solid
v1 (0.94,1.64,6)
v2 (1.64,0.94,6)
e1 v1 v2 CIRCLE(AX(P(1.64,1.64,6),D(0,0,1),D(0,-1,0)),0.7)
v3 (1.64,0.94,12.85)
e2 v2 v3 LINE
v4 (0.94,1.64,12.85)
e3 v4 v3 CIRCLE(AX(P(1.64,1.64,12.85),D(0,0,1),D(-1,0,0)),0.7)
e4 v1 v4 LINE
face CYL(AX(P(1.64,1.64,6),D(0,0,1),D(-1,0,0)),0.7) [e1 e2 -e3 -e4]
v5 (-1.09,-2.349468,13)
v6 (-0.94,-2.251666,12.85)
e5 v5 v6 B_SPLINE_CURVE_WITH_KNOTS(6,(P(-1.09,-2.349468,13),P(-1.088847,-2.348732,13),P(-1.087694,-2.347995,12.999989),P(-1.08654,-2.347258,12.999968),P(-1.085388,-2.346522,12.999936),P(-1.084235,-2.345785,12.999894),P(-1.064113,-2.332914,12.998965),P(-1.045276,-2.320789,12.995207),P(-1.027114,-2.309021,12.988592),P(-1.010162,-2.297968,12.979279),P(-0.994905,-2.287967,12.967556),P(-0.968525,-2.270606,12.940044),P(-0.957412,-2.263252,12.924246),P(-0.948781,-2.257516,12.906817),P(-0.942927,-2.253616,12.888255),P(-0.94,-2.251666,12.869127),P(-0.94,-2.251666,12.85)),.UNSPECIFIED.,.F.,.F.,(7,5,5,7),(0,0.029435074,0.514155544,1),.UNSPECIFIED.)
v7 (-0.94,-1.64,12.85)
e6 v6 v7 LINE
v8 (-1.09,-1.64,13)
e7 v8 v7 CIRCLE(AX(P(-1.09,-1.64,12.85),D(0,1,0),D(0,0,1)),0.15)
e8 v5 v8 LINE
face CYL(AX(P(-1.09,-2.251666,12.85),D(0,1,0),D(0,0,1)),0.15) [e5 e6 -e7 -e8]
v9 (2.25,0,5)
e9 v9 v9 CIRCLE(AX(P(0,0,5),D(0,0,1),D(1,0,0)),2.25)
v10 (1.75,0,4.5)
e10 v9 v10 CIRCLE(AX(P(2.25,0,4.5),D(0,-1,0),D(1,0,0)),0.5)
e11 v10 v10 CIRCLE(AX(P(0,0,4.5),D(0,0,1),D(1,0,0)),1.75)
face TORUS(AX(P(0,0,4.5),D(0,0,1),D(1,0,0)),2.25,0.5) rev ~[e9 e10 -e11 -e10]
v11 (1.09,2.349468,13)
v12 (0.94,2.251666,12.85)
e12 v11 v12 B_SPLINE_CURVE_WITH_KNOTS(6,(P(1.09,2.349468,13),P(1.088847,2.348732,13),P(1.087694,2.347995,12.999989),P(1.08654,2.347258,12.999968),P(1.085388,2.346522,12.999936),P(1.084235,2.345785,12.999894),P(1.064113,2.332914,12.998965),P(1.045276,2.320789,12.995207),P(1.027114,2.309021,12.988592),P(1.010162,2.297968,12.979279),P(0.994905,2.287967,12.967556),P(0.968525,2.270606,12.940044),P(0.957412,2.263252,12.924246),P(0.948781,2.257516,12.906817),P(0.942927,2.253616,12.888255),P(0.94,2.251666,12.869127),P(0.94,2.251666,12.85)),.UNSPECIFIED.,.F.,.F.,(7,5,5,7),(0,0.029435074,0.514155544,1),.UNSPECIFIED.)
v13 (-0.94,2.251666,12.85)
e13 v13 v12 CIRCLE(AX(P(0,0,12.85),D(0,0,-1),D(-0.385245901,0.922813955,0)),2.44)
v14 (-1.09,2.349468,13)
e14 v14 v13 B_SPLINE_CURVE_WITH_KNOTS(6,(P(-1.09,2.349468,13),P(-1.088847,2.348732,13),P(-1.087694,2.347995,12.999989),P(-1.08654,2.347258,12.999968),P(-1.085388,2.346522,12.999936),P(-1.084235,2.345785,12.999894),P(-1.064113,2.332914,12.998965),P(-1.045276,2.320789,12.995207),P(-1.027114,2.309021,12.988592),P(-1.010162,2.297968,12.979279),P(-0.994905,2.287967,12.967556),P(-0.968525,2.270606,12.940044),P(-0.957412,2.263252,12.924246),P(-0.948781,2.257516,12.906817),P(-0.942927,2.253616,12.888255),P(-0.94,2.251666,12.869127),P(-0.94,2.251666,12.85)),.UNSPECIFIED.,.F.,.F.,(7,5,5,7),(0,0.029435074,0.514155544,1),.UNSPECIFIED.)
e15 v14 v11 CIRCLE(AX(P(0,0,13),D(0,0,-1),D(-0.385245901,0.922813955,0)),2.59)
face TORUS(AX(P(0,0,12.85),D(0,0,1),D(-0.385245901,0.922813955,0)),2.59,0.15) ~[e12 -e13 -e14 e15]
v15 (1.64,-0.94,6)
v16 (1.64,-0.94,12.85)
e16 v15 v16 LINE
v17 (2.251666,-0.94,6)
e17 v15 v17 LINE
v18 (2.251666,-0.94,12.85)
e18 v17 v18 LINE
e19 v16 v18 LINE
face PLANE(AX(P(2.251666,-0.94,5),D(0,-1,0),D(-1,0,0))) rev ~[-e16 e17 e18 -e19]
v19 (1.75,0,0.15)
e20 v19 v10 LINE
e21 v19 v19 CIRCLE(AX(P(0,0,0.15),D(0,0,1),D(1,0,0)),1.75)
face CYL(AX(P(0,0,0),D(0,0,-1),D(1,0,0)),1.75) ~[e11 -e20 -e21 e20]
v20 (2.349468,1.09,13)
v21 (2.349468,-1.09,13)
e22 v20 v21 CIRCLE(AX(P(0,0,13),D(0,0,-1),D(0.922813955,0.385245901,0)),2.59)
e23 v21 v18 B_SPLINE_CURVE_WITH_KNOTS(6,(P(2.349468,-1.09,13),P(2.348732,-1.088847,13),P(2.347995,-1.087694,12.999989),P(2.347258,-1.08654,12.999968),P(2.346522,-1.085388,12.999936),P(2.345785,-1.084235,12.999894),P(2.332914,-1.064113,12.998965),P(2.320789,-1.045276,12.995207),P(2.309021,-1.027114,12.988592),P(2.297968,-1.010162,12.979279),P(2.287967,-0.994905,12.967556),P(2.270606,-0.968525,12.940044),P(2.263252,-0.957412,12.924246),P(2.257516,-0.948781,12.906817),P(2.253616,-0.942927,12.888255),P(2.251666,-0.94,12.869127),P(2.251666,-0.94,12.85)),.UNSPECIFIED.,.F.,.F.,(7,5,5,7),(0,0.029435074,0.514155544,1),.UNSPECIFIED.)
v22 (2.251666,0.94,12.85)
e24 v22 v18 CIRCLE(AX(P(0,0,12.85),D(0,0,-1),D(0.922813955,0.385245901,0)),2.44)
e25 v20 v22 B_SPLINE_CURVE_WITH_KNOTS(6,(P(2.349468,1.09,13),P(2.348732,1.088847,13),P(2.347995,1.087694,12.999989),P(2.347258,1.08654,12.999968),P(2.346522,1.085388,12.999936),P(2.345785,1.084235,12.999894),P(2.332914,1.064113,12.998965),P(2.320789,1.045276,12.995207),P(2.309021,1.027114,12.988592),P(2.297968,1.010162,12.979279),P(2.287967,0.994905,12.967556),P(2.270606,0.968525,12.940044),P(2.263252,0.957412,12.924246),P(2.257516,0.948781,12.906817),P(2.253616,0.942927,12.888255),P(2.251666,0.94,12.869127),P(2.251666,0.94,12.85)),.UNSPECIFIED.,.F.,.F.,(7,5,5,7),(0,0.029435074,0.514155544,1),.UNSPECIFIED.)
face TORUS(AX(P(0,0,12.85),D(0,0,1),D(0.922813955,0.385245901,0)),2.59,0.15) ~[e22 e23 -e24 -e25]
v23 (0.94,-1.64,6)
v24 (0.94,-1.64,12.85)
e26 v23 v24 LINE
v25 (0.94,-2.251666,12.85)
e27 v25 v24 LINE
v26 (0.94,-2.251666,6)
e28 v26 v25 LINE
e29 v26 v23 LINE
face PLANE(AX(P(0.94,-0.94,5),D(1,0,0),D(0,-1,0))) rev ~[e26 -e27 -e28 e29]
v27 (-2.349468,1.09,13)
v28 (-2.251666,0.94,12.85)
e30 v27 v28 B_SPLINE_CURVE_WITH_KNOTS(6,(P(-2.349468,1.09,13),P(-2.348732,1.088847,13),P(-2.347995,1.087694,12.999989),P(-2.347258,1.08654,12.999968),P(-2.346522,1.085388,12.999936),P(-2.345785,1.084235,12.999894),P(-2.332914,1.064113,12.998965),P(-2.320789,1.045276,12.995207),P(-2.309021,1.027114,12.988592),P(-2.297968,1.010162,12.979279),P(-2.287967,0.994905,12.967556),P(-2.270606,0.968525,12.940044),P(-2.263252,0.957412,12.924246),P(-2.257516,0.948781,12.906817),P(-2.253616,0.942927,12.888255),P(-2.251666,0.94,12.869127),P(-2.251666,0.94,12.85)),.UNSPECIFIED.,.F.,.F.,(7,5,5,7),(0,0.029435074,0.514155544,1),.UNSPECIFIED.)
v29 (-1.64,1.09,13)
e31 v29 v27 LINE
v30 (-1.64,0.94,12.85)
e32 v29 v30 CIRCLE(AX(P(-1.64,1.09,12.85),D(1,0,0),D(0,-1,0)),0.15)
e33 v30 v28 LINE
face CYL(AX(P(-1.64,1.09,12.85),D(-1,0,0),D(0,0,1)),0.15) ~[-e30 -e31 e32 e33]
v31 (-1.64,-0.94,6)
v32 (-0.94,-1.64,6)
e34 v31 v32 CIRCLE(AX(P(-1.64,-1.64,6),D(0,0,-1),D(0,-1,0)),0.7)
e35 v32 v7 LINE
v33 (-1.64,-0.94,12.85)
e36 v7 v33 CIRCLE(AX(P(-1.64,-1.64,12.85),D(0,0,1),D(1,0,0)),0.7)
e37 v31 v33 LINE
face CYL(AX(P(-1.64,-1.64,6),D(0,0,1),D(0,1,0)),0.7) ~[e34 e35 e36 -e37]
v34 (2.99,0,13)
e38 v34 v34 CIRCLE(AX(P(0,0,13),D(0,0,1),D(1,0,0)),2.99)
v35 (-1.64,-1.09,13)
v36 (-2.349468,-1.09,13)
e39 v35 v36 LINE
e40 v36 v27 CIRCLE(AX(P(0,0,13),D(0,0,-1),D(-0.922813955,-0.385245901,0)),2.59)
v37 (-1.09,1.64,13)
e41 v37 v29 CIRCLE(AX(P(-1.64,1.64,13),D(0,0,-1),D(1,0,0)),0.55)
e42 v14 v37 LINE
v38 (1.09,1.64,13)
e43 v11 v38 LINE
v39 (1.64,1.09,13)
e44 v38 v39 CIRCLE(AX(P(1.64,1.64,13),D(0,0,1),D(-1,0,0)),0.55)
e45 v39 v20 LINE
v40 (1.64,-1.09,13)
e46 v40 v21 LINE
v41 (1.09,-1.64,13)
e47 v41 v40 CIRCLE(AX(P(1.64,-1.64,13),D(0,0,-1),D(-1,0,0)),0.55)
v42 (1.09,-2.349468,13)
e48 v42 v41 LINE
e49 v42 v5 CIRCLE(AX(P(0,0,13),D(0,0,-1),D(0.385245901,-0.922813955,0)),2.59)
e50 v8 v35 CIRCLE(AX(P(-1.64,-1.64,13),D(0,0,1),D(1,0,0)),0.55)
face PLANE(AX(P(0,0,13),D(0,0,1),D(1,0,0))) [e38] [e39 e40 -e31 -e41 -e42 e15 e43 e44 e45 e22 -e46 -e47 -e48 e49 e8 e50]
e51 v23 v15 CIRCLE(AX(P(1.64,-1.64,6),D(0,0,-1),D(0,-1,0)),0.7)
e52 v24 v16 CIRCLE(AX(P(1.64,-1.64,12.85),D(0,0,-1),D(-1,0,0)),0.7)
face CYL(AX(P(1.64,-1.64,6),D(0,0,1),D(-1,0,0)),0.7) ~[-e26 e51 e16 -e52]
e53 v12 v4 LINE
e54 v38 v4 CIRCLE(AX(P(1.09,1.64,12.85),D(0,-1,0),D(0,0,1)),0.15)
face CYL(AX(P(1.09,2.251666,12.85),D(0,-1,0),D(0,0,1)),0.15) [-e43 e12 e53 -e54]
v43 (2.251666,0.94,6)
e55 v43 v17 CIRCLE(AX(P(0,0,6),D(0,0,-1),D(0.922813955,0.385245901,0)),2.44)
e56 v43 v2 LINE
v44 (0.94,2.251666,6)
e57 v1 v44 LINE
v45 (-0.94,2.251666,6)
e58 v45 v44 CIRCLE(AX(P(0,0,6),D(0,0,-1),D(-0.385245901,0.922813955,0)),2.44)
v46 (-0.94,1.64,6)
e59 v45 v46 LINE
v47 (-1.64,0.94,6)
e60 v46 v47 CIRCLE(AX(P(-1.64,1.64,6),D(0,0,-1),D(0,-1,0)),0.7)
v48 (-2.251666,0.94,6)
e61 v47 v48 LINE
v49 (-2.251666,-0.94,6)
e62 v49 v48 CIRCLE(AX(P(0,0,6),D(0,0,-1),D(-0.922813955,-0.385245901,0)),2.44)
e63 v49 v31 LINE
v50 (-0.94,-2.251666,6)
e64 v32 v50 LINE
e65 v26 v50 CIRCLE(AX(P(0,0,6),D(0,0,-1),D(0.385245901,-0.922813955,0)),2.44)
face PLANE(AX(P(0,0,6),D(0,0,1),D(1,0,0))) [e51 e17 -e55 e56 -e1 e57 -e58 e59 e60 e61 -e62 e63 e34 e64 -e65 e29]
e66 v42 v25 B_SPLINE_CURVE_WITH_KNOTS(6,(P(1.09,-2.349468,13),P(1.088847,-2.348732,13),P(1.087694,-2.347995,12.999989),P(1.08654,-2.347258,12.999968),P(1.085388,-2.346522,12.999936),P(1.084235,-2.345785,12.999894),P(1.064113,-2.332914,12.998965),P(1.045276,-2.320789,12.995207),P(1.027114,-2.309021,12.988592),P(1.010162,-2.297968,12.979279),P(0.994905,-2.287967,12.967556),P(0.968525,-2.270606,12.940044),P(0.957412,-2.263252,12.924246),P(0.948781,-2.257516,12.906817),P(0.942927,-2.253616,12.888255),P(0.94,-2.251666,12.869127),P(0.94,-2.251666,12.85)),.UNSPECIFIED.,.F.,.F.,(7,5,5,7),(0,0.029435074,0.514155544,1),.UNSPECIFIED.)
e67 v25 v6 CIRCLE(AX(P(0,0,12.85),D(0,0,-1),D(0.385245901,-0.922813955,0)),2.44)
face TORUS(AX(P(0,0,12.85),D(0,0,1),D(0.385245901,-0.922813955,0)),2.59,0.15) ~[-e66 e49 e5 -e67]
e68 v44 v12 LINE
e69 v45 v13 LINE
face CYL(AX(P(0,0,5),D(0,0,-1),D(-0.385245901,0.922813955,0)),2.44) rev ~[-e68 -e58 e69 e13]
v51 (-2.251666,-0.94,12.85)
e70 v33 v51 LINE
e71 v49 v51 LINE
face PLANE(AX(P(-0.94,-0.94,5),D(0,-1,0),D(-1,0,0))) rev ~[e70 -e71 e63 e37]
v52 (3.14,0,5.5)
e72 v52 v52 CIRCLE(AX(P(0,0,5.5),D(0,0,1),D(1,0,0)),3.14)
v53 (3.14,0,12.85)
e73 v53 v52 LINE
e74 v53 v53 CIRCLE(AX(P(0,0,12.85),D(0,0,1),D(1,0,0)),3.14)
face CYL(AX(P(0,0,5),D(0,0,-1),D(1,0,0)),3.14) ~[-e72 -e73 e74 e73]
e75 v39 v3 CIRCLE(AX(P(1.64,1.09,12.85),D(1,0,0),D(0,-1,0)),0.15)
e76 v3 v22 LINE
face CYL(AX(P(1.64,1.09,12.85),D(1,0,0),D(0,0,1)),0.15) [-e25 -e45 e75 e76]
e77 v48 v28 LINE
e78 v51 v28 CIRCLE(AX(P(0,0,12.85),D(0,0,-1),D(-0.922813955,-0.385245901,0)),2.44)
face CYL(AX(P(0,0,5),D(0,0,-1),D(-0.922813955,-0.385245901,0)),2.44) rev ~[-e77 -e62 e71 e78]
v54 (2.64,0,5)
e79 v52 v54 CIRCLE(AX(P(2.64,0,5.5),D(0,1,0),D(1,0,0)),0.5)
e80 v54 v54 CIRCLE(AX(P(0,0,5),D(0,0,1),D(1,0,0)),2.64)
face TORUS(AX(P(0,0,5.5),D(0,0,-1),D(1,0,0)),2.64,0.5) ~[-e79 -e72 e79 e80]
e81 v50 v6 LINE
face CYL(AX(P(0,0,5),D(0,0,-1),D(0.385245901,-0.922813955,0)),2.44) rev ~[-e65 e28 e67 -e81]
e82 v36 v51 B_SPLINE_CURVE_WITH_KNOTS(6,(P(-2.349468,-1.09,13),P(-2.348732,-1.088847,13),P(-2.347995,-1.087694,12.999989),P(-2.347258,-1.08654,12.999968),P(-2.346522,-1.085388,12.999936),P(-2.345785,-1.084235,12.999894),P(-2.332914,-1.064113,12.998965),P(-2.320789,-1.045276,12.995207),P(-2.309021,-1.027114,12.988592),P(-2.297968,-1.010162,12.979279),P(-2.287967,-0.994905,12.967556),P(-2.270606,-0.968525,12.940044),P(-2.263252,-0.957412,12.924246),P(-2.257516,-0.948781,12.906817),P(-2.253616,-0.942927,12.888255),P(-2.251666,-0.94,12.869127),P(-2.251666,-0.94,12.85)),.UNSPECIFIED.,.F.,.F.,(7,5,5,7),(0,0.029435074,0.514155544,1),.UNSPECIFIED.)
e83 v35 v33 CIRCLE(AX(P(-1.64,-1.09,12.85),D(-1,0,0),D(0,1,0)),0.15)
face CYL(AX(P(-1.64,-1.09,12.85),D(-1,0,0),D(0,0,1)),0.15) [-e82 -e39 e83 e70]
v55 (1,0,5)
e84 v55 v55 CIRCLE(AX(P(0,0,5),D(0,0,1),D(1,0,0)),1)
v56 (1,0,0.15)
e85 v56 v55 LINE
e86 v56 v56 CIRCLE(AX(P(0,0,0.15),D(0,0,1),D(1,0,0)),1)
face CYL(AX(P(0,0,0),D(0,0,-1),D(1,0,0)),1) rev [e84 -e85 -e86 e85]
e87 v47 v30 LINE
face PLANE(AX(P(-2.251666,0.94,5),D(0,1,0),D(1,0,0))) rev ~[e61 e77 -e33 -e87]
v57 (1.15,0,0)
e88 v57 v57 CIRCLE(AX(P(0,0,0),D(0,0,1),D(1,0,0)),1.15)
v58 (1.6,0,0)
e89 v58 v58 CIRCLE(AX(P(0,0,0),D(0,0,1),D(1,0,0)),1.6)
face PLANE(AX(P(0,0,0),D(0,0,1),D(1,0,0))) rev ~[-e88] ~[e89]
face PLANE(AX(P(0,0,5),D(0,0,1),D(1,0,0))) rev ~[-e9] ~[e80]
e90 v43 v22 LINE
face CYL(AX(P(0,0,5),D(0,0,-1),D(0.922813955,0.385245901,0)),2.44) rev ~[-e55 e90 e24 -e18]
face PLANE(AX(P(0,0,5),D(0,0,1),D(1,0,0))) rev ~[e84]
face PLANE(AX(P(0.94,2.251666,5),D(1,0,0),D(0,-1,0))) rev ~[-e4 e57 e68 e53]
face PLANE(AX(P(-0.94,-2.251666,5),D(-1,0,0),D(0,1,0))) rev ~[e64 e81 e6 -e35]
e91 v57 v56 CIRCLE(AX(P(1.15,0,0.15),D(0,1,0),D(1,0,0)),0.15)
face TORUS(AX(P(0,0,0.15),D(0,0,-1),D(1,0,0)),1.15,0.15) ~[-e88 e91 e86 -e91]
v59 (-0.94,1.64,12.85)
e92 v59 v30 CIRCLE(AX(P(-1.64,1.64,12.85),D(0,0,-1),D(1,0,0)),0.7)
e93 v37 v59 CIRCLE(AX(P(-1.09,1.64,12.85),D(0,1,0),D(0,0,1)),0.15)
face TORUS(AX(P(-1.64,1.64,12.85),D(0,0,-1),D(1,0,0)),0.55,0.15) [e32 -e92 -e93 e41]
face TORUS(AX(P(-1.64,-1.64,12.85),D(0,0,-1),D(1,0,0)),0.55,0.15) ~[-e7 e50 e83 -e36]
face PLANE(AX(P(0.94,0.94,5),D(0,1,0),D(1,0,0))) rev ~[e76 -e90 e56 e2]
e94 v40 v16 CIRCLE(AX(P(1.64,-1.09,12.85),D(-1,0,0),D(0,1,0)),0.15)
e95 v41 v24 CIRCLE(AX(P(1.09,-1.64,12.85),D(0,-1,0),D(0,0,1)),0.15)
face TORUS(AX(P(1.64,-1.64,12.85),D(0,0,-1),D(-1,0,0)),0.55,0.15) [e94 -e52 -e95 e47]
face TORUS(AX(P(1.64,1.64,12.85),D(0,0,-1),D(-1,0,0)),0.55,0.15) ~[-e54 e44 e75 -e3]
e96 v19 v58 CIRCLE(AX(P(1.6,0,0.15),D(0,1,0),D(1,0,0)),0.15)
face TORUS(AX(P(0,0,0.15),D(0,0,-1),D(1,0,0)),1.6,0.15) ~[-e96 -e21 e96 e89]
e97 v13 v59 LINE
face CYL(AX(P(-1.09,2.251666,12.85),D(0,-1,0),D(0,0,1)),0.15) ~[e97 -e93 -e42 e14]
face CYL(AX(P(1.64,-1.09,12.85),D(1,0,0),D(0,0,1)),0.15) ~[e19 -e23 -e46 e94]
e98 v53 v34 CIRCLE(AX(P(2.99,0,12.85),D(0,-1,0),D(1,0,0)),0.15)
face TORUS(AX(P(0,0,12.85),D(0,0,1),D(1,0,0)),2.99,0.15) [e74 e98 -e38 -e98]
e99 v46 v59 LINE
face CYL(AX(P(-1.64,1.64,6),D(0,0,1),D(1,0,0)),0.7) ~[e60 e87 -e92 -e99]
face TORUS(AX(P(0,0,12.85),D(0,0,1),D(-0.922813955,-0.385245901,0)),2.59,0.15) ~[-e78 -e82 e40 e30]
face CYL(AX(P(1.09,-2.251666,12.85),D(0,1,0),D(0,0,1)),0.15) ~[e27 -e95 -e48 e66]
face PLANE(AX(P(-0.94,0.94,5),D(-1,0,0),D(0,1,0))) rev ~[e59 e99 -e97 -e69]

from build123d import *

# Parameters (mm, degrees)
SKETCH1_R           = 1.75
SKETCH1_R_2         = 1
BOSS_EXTRUDE1_DEPTH = 5
SKETCH2_R           = 3.14
SKETCH2_R_2         = 1.75
SKETCH2_R_3         = 1
BOSS_EXTRUDE2_DEPTH = 1
SKETCH2_4_R         = 3.14
BOSS_EXTRUDE3_DEPTH = 8
FILLET1_R           = 0.5
FILLET2_R           = 0.7
FILLET3_R           = 0.15
FILLET4_R           = 0.15


with BuildPart() as part:
    # Sketch1 → Boss-Extrude1 (new body)
    with BuildSketch(Plane.XY):
        Circle(SKETCH1_R)
        Circle(SKETCH1_R_2, mode=Mode.SUBTRACT)
    extrude(amount=BOSS_EXTRUDE1_DEPTH)

    # Sketch2 → Boss-Extrude2 (add)
    # profile 1 of 12: a face of its own
    with BuildSketch(Plane.XY.offset(5)):
        Circle(SKETCH2_R)
        with BuildLine():
            ThreePointArc((-0.94, -2.25166605), (0, -2.44), (0.94, -2.25166605))
            Line((0.94, -2.25166605), (0.94, -0.94))
            Line((0.94, -0.94), (2.25166605, -0.94))
            ThreePointArc((2.25166605, -0.94), (2.44, 0), (2.25166605, 0.94))
            Line((2.25166605, 0.94), (0.94, 0.94))
            Line((0.94, 0.94), (0.94, 2.25166605))
            ThreePointArc((0.94, 2.25166605), (0, 2.44), (-0.94, 2.25166605))
            Line((-0.94, 2.25166605), (-0.94, 0.94))
            Line((-0.94, 0.94), (-2.25166605, 0.94))
            ThreePointArc((-2.25166605, 0.94), (-2.44, 0), (-2.25166605, -0.94))
            Line((-2.25166605, -0.94), (-0.94, -0.94))
            Line((-0.94, -0.94), (-0.94, -2.25166605))
        make_face(mode=Mode.SUBTRACT)
    # profile 2 of 12: a face of its own
    with BuildSketch(Plane.XY.offset(5)):
        Circle(SKETCH2_R_2)
    # profile 3 of 12: a face of its own
    with BuildSketch(Plane.XY.offset(5)):
        with BuildLine():
            Line((-0.94, 0.94), (-0.94, 1.476109752))
            ThreePointArc((-0.94, 1.476109752), (-1.237436867, 1.237436867), (-1.476109752, 0.94))
            Line((-1.476109752, 0.94), (-0.94, 0.94))
        make_face()
    # profile 4 of 12: a face of its own
    with BuildSketch(Plane.XY.offset(5)):
        with BuildLine():
            ThreePointArc((-1.476109752, -0.94), (-1.75, 0), (-1.476109752, 0.94))
            Line((-1.476109752, 0.94), (-2.25166605, 0.94))
            ThreePointArc((-2.25166605, 0.94), (-2.44, 0), (-2.25166605, -0.94))
            Line((-2.25166605, -0.94), (-1.476109752, -0.94))
        make_face()
    # profile 5 of 12: a face of its own
    with BuildSketch(Plane.XY.offset(5)):
        with BuildLine():
            Line((1.476109752, 0.94), (0.94, 0.94))
            Line((0.94, 0.94), (0.94, 1.476109752))
            ThreePointArc((0.94, 1.476109752), (0, 1.75), (-0.94, 1.476109752))
            Line((-0.94, 1.476109752), (-0.94, 0.94))
            Line((-0.94, 0.94), (-1.476109752, 0.94))
            ThreePointArc((-1.476109752, 0.94), (-1.75, 0), (-1.476109752, -0.94))
            Line((-1.476109752, -0.94), (-0.94, -0.94))
            Line((-0.94, -0.94), (-0.94, -1.476109752))
            ThreePointArc((-0.94, -1.476109752), (0, -1.75), (0.94, -1.476109752))
            Line((0.94, -1.476109752), (0.94, -0.94))
            Line((0.94, -0.94), (1.476109752, -0.94))
            ThreePointArc((1.476109752, -0.94), (1.680132743, -0.489544653), (1.75, 0))
            ThreePointArc((1.75, 0), (1.680132743, 0.489544653), (1.476109752, 0.94))
        make_face()
        Circle(SKETCH2_R_3, mode=Mode.SUBTRACT)
    # profile 6 of 12: a face of its own
    with BuildSketch(Plane.XY.offset(5)):
        Circle(SKETCH2_R_3)
    # profile 7 of 12: a face of its own
    with BuildSketch(Plane.XY.offset(5)):
        with BuildLine():
            ThreePointArc((-0.94, 1.476109752), (0, 1.75), (0.94, 1.476109752))
            Line((0.94, 1.476109752), (0.94, 2.25166605))
            ThreePointArc((0.94, 2.25166605), (0, 2.44), (-0.94, 2.25166605))
            Line((-0.94, 2.25166605), (-0.94, 1.476109752))
        make_face()
    # profile 8 of 12: a face of its own
    with BuildSketch(Plane.XY.offset(5)):
        with BuildLine():
            Line((0.94, 1.476109752), (0.94, 0.94))
            Line((0.94, 0.94), (1.476109752, 0.94))
            ThreePointArc((1.476109752, 0.94), (1.237436867, 1.237436867), (0.94, 1.476109752))
        make_face()
    # profile 9 of 12: a face of its own
    with BuildSketch(Plane.XY.offset(5)):
        with BuildLine():
            Line((2.25166605, 0.94), (1.476109752, 0.94))
            ThreePointArc((1.476109752, 0.94), (1.680132743, 0.489544653), (1.75, 0))
            ThreePointArc((1.75, 0), (1.680132743, -0.489544653), (1.476109752, -0.94))
            Line((1.476109752, -0.94), (2.25166605, -0.94))
            ThreePointArc((2.25166605, -0.94), (2.44, 0), (2.25166605, 0.94))
        make_face()
    # profile 10 of 12: a face of its own
    with BuildSketch(Plane.XY.offset(5)):
        with BuildLine():
            ThreePointArc((0.94, -1.476109752), (1.237436867, -1.237436867), (1.476109752, -0.94))
            Line((1.476109752, -0.94), (0.94, -0.94))
            Line((0.94, -0.94), (0.94, -1.476109752))
        make_face()
    # profile 11 of 12: a face of its own
    with BuildSketch(Plane.XY.offset(5)):
        with BuildLine():
            Line((0.94, -2.25166605), (0.94, -1.476109752))
            ThreePointArc((0.94, -1.476109752), (0, -1.75), (-0.94, -1.476109752))
            Line((-0.94, -1.476109752), (-0.94, -2.25166605))
            ThreePointArc((-0.94, -2.25166605), (0, -2.44), (0.94, -2.25166605))
        make_face()
    # profile 12 of 12: a face of its own
    with BuildSketch(Plane.XY.offset(5)):
        with BuildLine():
            Line((-0.94, -0.94), (-1.476109752, -0.94))
            ThreePointArc((-1.476109752, -0.94), (-1.237436867, -1.237436867), (-0.94, -1.476109752))
            Line((-0.94, -1.476109752), (-0.94, -0.94))
        make_face()
    extrude(amount=BOSS_EXTRUDE2_DEPTH)

    # Sketch2<4> → Boss-Extrude3 (add)
    with BuildSketch(Plane.XY.offset(5)):
        Circle(SKETCH2_4_R)
        with BuildLine():
            Line((0.94, 0.94), (2.25166605, 0.94))
            ThreePointArc((2.25166605, 0.94), (2.44, 0), (2.25166605, -0.94))
            Line((2.25166605, -0.94), (0.94, -0.94))
            Line((0.94, -0.94), (0.94, -2.25166605))
            ThreePointArc((0.94, -2.25166605), (0, -2.44), (-0.94, -2.25166605))
            Line((-0.94, -2.25166605), (-0.94, -0.94))
            Line((-0.94, -0.94), (-2.25166605, -0.94))
            ThreePointArc((-2.25166605, -0.94), (-2.44, 0), (-2.25166605, 0.94))
            Line((-2.25166605, 0.94), (-0.94, 0.94))
            Line((-0.94, 0.94), (-0.94, 2.25166605))
            ThreePointArc((-0.94, 2.25166605), (0, 2.44), (0.94, 2.25166605))
            Line((0.94, 2.25166605), (0.94, 0.94))
        make_face(mode=Mode.SUBTRACT)
    extrude(amount=BOSS_EXTRUDE3_DEPTH)

    # Fillet1
    fillet1_edges = [part.edges().sort_by_distance(p)[0] for p in [
        (-3.14, 0, 5),
        (-1.75, 0, 5),
    ]]
    fillet(fillet1_edges, radius=FILLET1_R)

    # Fillet2
    fillet2_edges = [part.edges().sort_by_distance(p)[0] for p in [
        (-0.94, -0.94, 9.5),
        (-0.94, 0.94, 9.5),
        (0.94, 0.94, 9.5),
        (0.94, -0.94, 9.5),
    ]]
    fillet(fillet2_edges, radius=FILLET2_R)

    # Fillet3
    fillet3_edges = [part.edges().sort_by_distance(p)[0] for p in [
        (-1.75, 0, 0),
        (-1, 0, 0),
    ]]
    fillet(fillet3_edges, radius=FILLET3_R)

    # Fillet4
    fillet4_edges = [part.edges().sort_by_distance(p)[0] for p in [
        (1.145025253, -1.145025253, 13),
        (1.145025253, 1.145025253, 13),
        (-1.145025253, 1.145025253, 13),
        (0, -2.44, 13),
        (-2.44, 0, 13),
        (2.44, 0, 13),
        (-0.94, -1.945833025, 13),
        (-1.945833025, 0.94, 13),
        (0, 2.44, 13),
        (1.945833025, -0.94, 13),
        (-3.14, 0, 13),
        (-0.94, 1.945833025, 13),
        (-1.945833025, -0.94, 13),
        (0.94, 1.945833025, 13),
        (1.945833025, 0.94, 13),
        (0.94, -1.945833025, 13),
        (-1.145025253, -1.145025253, 13),
    ]]
    fillet(fillet4_edges, radius=FILLET4_R)


solid = part.part
